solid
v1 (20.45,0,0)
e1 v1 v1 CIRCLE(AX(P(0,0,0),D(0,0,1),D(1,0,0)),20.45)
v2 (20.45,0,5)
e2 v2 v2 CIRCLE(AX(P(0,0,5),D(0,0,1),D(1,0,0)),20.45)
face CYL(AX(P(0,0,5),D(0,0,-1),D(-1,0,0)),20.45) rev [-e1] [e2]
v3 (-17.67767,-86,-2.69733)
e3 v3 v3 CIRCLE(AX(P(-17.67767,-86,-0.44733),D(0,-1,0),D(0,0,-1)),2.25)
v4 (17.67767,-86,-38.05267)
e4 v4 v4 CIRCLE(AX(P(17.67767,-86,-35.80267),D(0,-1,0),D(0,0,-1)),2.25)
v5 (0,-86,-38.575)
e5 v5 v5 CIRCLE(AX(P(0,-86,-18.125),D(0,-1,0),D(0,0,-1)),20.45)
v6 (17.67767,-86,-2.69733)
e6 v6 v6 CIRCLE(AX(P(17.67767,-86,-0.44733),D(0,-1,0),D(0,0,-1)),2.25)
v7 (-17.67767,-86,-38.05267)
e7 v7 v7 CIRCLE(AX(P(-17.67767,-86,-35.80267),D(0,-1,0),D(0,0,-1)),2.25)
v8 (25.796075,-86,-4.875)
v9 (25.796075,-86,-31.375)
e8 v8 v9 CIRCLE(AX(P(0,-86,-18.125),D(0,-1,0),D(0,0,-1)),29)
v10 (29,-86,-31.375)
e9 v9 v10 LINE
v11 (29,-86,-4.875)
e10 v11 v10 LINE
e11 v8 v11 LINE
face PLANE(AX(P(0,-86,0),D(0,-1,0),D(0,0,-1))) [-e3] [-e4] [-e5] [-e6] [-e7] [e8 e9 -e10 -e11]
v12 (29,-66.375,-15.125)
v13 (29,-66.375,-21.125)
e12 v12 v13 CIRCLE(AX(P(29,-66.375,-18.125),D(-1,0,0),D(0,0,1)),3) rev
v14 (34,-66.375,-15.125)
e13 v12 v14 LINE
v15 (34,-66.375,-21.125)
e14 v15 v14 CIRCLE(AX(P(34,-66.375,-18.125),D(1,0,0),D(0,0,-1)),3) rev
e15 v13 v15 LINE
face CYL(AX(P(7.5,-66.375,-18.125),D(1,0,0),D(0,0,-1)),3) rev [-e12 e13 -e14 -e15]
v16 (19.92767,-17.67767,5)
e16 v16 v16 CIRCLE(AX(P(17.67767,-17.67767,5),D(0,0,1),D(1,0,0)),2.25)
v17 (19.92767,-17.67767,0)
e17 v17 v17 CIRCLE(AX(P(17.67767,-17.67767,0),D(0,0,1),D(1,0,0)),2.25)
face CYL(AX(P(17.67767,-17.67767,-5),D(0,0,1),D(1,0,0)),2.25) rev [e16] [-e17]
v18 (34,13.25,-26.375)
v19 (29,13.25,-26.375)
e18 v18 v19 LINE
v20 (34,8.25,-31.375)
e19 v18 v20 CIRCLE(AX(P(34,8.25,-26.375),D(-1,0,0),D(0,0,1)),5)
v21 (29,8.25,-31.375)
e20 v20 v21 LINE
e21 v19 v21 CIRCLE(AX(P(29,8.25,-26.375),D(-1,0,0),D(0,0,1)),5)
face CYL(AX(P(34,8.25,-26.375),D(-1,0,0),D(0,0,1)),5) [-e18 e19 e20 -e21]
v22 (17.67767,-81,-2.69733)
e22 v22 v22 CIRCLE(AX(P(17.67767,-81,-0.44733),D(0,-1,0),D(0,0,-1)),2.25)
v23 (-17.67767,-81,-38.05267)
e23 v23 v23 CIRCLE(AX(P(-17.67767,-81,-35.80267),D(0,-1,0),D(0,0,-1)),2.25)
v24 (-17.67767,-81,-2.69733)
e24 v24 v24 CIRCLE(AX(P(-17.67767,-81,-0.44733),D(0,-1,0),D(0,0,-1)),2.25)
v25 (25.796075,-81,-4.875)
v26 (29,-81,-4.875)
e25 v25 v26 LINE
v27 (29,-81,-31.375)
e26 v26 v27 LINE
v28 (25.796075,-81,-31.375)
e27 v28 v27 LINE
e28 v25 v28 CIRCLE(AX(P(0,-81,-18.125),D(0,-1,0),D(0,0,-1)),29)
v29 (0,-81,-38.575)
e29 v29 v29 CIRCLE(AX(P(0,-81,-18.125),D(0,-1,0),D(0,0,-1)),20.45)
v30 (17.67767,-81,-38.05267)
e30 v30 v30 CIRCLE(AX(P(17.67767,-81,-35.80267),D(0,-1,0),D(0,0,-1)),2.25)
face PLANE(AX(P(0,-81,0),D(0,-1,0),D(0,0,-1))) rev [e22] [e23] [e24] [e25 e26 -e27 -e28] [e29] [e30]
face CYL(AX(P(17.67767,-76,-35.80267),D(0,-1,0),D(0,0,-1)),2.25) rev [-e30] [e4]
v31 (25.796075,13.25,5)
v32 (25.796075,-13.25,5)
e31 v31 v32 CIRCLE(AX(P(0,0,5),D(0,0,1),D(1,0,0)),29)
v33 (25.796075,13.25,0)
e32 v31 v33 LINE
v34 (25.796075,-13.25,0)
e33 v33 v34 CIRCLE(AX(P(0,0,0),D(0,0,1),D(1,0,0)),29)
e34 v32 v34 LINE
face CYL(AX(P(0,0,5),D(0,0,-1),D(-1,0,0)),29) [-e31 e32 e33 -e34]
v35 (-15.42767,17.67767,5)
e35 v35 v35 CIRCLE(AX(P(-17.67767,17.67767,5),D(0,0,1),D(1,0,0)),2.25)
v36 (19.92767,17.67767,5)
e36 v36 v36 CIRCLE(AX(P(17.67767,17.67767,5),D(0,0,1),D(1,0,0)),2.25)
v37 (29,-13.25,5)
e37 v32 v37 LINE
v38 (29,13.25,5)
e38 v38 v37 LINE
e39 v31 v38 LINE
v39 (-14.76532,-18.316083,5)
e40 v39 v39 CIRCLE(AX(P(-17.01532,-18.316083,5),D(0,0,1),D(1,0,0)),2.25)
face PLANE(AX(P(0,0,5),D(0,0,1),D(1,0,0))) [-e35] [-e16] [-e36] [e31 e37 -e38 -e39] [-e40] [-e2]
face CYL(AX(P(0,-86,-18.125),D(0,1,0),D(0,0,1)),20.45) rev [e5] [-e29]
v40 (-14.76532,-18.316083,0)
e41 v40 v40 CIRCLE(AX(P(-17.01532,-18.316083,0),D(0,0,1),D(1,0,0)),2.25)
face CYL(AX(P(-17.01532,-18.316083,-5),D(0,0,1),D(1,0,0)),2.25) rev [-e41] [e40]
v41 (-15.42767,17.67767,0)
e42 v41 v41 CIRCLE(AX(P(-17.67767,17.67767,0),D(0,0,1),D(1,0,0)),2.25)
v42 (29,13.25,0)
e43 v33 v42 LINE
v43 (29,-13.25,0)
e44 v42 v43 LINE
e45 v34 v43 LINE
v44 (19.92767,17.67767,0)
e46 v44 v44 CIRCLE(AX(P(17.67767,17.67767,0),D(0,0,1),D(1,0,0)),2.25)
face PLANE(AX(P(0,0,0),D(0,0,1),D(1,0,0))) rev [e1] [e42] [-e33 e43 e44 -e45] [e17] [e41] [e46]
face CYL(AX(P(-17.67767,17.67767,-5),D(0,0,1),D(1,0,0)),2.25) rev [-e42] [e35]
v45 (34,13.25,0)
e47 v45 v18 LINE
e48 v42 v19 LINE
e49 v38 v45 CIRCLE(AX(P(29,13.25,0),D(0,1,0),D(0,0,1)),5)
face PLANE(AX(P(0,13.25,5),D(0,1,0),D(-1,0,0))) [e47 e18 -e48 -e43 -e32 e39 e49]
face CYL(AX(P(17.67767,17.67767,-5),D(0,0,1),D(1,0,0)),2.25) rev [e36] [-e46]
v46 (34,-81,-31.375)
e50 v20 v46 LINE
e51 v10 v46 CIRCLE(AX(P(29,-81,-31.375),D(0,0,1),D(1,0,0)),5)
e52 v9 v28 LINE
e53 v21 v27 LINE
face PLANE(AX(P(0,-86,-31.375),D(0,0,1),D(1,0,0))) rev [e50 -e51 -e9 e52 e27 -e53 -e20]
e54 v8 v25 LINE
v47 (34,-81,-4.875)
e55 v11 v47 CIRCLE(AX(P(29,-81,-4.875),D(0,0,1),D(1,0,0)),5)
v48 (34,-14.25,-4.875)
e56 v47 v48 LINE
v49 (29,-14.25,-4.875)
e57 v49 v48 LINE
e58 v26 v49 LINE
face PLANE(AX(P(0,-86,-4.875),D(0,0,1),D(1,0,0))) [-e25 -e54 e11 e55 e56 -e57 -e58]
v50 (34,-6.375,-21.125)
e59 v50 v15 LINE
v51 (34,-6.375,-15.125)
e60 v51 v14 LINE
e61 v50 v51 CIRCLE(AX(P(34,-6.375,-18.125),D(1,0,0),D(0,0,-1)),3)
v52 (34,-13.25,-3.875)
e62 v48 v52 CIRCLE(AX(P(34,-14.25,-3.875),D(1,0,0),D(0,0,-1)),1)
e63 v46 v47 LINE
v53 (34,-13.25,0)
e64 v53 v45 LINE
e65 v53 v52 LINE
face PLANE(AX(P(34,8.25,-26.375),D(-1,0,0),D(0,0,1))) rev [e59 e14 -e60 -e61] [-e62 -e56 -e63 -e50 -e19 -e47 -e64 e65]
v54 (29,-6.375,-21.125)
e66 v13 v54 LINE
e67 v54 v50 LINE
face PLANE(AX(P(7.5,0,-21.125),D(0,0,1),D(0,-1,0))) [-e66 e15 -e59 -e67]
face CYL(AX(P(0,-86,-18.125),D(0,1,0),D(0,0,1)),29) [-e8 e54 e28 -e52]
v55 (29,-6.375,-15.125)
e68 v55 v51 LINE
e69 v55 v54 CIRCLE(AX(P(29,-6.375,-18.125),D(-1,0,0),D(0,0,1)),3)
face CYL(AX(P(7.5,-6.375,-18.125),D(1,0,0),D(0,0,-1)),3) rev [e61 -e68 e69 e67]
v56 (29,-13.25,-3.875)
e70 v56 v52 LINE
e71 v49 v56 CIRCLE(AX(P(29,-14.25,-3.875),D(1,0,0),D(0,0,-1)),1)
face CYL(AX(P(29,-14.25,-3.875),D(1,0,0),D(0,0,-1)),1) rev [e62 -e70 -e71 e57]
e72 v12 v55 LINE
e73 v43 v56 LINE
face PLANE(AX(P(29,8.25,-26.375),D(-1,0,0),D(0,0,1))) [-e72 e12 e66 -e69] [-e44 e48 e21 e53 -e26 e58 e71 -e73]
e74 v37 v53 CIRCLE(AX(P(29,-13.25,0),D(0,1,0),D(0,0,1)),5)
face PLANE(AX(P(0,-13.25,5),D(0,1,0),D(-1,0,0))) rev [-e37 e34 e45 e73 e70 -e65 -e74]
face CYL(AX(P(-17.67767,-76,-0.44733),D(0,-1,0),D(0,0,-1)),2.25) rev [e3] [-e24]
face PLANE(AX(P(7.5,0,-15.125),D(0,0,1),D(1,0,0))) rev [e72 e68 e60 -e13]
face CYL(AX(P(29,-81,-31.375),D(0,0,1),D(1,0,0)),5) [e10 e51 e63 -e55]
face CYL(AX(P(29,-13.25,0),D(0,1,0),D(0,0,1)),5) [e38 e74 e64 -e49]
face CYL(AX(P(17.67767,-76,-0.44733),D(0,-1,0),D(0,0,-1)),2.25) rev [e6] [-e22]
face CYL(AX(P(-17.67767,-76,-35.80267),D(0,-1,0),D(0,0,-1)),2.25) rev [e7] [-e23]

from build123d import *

# Parameters (mm, degrees)
SKETCH1_R           = 20.45
BOSS_EXTRUDE2_DEPTH = 5
BOSS_EXTRUDE3_DEPTH = 5
SKETCH14_R          = 20.45
BOSS_EXTRUDE6_DEPTH = 5
CUT_EXTRUDE2_DEPTH  = 5
BOSS_EXTRUDE7_DEPTH = 26.5
BOSS_EXTRUDE8_DEPTH = 26.5
CUT_EXTRUDE3_DEPTH  = 26.5
SKETCH24_R          = 2.25
CUT_EXTRUDE5_DEPTH  = 10
SKETCH25_R          = 2.25
CUT_EXTRUDE6_DEPTH  = 10


with BuildPart() as part:
    # Sketch1 → Boss-Extrude2 (new body)
    with BuildSketch(Plane.XY):
        with BuildLine():
            Line((29, 13.25), (25.796075283, 13.25))
            ThreePointArc((25.796075283, 13.25), (-29, 0), (25.796075283, -13.25))
            Line((25.796075283, -13.25), (29, -13.25))
            Line((29, -13.25), (29, 13.25))
        make_face()
        Circle(SKETCH1_R, mode=Mode.SUBTRACT)
    extrude(amount=BOSS_EXTRUDE2_DEPTH)



with BuildPart() as body_2:
    # Sketch2 → Boss-Extrude3 (new body)
    with BuildSketch(Plane(origin=(29, 0, 0), x_dir=(0, 0, -1), z_dir=(1, 0, 0))):
        with BuildLine():
            Line((0, 13.25), (26.375, 13.25))
            ThreePointArc((26.375, 13.25), (29.910533906, 11.785533906), (31.375, 8.25))
            Line((31.375, 8.25), (31.375, -81))
            Line((31.375, -81), (0, -81))
            Line((0, -81), (0, -13.25))
            Line((0, -13.25), (0, 13.25))
        make_face()
    extrude(amount=BOSS_EXTRUDE3_DEPTH)

    # Sketch17 → Cut-Extrude2 (cut)
    with BuildSketch(Plane(origin=(34, 0, 0), x_dir=(0, 0, -1), z_dir=(1, 0, 0))):
        with BuildLine():
            Line((0, -13.25), (3.875, -13.25))
            ThreePointArc((3.875, -13.25), (4.582106781, -13.542893219), (4.875, -14.25))
            Line((4.875, -14.25), (4.875, -81))
            Line((4.875, -81), (0, -81))
            Line((0, -81), (0, -13.25))
        make_face()
    extrude(amount=-CUT_EXTRUDE2_DEPTH, mode=Mode.SUBTRACT)


with BuildPart() as body_3:
    # Sketch14 → Boss-Extrude6 (new body)
    with BuildSketch(Plane.XZ.offset(81)):
        with BuildLine():
            Line((29, -4.875), (25.796075283, -4.875))
            ThreePointArc((25.796075283, -4.875), (-29, -18.125), (25.796075283, -31.375))
            Line((25.796075283, -31.375), (29, -31.375))
            Line((29, -31.375), (29, -4.875))
        make_face()
        with Locations(Location((0, -18.125, 0), (0, 0, 270))):
            Circle(SKETCH14_R, mode=Mode.SUBTRACT)
    extrude(amount=BOSS_EXTRUDE6_DEPTH)


with BuildPart() as part_1:
    add(part.part)

    add(body_2.part)  # Boss-Extrude7 merges body 2
    # Sketch21 → Boss-Extrude7 (add)
    with BuildSketch(Plane(origin=(0, 13.25, 0), x_dir=(1, 0, 0), z_dir=(0, 1, 0))):
        with BuildLine():
            Line((29, 0), (29, -5))
            ThreePointArc((29, -5), (32.535533906, -3.535533906), (34, 0))
            Line((34, 0), (29, 0))
        make_face()
    extrude(amount=-BOSS_EXTRUDE7_DEPTH)


    add(body_3.part)  # Boss-Extrude8 merges body 3
    # Sketch22 → Boss-Extrude8 (add)
    with BuildSketch(Plane.XY.offset(-4.875)):
        with BuildLine():
            ThreePointArc((29, -86), (32.535533906, -84.535533906), (34, -81))
            Line((34, -81), (29, -81))
            Line((29, -81), (29, -86))
        make_face()
    extrude(amount=-BOSS_EXTRUDE8_DEPTH)

    # Sketch23 → Cut-Extrude3 (cut)
    with BuildSketch(Plane(origin=(34, 0, 0), x_dir=(0, 0, -1), z_dir=(1, 0, 0))):
        with BuildLine():
            Line((15.125, -6.375), (15.125, -36.375))
            Line((15.125, -36.375), (18.125, -36.375))
            Line((18.125, -36.375), (21.125, -36.375))
            Line((21.125, -36.375), (21.125, -6.375))
            ThreePointArc((21.125, -6.375), (18.125, -3.375), (15.125, -6.375))
        make_face()
        with BuildLine():
            Line((21.125, -36.375), (18.125, -36.375))
            Line((18.125, -36.375), (18.125, -69.375))
            ThreePointArc((18.125, -69.375), (20.246320344, -68.496320344), (21.125, -66.375))
            Line((21.125, -66.375), (21.125, -36.375))
        make_face()
        with BuildLine():
            Line((18.125, -36.375), (15.125, -36.375))
            Line((15.125, -36.375), (15.125, -66.375))
            ThreePointArc((15.125, -66.375), (16.003679656, -68.496320344), (18.125, -69.375))
            Line((18.125, -69.375), (18.125, -36.375))
        make_face()
    extrude(amount=-CUT_EXTRUDE3_DEPTH, mode=Mode.SUBTRACT)

    # Sketch24 → Cut-Extrude5 (cut)
    with BuildSketch(Plane.XY.offset(5)):
        with Locations((17.67766953, 17.67766953)):
            Circle(SKETCH24_R)
        with Locations((17.67766953, -17.67766953)):
            Circle(SKETCH24_R)
        with Locations((-17.67766953, 17.67766953)):
            Circle(SKETCH24_R)
        with Locations((-17.01531967, -18.316083002)):
            Circle(SKETCH24_R)
    extrude(amount=-CUT_EXTRUDE5_DEPTH, mode=Mode.SUBTRACT)

    # Sketch25 → Cut-Extrude6 (cut)
    with BuildSketch(Plane.XZ.offset(86)):
        with Locations(Location((-17.67766953, -0.44733047, 0), (0, 0, 270))):
            Circle(SKETCH25_R)
        with Locations(Location((17.67766953, -0.44733047, 0), (0, 0, 270))):
            Circle(SKETCH25_R)
        with Locations(Location((17.67766953, -35.80266953, 0), (0, 0, 270))):
            Circle(SKETCH25_R)
        with Locations(Location((-17.67766953, -35.80266953, 0), (0, 0, 270))):
            Circle(SKETCH25_R)
    extrude(amount=-CUT_EXTRUDE6_DEPTH, mode=Mode.SUBTRACT)


solid = part_1.part
